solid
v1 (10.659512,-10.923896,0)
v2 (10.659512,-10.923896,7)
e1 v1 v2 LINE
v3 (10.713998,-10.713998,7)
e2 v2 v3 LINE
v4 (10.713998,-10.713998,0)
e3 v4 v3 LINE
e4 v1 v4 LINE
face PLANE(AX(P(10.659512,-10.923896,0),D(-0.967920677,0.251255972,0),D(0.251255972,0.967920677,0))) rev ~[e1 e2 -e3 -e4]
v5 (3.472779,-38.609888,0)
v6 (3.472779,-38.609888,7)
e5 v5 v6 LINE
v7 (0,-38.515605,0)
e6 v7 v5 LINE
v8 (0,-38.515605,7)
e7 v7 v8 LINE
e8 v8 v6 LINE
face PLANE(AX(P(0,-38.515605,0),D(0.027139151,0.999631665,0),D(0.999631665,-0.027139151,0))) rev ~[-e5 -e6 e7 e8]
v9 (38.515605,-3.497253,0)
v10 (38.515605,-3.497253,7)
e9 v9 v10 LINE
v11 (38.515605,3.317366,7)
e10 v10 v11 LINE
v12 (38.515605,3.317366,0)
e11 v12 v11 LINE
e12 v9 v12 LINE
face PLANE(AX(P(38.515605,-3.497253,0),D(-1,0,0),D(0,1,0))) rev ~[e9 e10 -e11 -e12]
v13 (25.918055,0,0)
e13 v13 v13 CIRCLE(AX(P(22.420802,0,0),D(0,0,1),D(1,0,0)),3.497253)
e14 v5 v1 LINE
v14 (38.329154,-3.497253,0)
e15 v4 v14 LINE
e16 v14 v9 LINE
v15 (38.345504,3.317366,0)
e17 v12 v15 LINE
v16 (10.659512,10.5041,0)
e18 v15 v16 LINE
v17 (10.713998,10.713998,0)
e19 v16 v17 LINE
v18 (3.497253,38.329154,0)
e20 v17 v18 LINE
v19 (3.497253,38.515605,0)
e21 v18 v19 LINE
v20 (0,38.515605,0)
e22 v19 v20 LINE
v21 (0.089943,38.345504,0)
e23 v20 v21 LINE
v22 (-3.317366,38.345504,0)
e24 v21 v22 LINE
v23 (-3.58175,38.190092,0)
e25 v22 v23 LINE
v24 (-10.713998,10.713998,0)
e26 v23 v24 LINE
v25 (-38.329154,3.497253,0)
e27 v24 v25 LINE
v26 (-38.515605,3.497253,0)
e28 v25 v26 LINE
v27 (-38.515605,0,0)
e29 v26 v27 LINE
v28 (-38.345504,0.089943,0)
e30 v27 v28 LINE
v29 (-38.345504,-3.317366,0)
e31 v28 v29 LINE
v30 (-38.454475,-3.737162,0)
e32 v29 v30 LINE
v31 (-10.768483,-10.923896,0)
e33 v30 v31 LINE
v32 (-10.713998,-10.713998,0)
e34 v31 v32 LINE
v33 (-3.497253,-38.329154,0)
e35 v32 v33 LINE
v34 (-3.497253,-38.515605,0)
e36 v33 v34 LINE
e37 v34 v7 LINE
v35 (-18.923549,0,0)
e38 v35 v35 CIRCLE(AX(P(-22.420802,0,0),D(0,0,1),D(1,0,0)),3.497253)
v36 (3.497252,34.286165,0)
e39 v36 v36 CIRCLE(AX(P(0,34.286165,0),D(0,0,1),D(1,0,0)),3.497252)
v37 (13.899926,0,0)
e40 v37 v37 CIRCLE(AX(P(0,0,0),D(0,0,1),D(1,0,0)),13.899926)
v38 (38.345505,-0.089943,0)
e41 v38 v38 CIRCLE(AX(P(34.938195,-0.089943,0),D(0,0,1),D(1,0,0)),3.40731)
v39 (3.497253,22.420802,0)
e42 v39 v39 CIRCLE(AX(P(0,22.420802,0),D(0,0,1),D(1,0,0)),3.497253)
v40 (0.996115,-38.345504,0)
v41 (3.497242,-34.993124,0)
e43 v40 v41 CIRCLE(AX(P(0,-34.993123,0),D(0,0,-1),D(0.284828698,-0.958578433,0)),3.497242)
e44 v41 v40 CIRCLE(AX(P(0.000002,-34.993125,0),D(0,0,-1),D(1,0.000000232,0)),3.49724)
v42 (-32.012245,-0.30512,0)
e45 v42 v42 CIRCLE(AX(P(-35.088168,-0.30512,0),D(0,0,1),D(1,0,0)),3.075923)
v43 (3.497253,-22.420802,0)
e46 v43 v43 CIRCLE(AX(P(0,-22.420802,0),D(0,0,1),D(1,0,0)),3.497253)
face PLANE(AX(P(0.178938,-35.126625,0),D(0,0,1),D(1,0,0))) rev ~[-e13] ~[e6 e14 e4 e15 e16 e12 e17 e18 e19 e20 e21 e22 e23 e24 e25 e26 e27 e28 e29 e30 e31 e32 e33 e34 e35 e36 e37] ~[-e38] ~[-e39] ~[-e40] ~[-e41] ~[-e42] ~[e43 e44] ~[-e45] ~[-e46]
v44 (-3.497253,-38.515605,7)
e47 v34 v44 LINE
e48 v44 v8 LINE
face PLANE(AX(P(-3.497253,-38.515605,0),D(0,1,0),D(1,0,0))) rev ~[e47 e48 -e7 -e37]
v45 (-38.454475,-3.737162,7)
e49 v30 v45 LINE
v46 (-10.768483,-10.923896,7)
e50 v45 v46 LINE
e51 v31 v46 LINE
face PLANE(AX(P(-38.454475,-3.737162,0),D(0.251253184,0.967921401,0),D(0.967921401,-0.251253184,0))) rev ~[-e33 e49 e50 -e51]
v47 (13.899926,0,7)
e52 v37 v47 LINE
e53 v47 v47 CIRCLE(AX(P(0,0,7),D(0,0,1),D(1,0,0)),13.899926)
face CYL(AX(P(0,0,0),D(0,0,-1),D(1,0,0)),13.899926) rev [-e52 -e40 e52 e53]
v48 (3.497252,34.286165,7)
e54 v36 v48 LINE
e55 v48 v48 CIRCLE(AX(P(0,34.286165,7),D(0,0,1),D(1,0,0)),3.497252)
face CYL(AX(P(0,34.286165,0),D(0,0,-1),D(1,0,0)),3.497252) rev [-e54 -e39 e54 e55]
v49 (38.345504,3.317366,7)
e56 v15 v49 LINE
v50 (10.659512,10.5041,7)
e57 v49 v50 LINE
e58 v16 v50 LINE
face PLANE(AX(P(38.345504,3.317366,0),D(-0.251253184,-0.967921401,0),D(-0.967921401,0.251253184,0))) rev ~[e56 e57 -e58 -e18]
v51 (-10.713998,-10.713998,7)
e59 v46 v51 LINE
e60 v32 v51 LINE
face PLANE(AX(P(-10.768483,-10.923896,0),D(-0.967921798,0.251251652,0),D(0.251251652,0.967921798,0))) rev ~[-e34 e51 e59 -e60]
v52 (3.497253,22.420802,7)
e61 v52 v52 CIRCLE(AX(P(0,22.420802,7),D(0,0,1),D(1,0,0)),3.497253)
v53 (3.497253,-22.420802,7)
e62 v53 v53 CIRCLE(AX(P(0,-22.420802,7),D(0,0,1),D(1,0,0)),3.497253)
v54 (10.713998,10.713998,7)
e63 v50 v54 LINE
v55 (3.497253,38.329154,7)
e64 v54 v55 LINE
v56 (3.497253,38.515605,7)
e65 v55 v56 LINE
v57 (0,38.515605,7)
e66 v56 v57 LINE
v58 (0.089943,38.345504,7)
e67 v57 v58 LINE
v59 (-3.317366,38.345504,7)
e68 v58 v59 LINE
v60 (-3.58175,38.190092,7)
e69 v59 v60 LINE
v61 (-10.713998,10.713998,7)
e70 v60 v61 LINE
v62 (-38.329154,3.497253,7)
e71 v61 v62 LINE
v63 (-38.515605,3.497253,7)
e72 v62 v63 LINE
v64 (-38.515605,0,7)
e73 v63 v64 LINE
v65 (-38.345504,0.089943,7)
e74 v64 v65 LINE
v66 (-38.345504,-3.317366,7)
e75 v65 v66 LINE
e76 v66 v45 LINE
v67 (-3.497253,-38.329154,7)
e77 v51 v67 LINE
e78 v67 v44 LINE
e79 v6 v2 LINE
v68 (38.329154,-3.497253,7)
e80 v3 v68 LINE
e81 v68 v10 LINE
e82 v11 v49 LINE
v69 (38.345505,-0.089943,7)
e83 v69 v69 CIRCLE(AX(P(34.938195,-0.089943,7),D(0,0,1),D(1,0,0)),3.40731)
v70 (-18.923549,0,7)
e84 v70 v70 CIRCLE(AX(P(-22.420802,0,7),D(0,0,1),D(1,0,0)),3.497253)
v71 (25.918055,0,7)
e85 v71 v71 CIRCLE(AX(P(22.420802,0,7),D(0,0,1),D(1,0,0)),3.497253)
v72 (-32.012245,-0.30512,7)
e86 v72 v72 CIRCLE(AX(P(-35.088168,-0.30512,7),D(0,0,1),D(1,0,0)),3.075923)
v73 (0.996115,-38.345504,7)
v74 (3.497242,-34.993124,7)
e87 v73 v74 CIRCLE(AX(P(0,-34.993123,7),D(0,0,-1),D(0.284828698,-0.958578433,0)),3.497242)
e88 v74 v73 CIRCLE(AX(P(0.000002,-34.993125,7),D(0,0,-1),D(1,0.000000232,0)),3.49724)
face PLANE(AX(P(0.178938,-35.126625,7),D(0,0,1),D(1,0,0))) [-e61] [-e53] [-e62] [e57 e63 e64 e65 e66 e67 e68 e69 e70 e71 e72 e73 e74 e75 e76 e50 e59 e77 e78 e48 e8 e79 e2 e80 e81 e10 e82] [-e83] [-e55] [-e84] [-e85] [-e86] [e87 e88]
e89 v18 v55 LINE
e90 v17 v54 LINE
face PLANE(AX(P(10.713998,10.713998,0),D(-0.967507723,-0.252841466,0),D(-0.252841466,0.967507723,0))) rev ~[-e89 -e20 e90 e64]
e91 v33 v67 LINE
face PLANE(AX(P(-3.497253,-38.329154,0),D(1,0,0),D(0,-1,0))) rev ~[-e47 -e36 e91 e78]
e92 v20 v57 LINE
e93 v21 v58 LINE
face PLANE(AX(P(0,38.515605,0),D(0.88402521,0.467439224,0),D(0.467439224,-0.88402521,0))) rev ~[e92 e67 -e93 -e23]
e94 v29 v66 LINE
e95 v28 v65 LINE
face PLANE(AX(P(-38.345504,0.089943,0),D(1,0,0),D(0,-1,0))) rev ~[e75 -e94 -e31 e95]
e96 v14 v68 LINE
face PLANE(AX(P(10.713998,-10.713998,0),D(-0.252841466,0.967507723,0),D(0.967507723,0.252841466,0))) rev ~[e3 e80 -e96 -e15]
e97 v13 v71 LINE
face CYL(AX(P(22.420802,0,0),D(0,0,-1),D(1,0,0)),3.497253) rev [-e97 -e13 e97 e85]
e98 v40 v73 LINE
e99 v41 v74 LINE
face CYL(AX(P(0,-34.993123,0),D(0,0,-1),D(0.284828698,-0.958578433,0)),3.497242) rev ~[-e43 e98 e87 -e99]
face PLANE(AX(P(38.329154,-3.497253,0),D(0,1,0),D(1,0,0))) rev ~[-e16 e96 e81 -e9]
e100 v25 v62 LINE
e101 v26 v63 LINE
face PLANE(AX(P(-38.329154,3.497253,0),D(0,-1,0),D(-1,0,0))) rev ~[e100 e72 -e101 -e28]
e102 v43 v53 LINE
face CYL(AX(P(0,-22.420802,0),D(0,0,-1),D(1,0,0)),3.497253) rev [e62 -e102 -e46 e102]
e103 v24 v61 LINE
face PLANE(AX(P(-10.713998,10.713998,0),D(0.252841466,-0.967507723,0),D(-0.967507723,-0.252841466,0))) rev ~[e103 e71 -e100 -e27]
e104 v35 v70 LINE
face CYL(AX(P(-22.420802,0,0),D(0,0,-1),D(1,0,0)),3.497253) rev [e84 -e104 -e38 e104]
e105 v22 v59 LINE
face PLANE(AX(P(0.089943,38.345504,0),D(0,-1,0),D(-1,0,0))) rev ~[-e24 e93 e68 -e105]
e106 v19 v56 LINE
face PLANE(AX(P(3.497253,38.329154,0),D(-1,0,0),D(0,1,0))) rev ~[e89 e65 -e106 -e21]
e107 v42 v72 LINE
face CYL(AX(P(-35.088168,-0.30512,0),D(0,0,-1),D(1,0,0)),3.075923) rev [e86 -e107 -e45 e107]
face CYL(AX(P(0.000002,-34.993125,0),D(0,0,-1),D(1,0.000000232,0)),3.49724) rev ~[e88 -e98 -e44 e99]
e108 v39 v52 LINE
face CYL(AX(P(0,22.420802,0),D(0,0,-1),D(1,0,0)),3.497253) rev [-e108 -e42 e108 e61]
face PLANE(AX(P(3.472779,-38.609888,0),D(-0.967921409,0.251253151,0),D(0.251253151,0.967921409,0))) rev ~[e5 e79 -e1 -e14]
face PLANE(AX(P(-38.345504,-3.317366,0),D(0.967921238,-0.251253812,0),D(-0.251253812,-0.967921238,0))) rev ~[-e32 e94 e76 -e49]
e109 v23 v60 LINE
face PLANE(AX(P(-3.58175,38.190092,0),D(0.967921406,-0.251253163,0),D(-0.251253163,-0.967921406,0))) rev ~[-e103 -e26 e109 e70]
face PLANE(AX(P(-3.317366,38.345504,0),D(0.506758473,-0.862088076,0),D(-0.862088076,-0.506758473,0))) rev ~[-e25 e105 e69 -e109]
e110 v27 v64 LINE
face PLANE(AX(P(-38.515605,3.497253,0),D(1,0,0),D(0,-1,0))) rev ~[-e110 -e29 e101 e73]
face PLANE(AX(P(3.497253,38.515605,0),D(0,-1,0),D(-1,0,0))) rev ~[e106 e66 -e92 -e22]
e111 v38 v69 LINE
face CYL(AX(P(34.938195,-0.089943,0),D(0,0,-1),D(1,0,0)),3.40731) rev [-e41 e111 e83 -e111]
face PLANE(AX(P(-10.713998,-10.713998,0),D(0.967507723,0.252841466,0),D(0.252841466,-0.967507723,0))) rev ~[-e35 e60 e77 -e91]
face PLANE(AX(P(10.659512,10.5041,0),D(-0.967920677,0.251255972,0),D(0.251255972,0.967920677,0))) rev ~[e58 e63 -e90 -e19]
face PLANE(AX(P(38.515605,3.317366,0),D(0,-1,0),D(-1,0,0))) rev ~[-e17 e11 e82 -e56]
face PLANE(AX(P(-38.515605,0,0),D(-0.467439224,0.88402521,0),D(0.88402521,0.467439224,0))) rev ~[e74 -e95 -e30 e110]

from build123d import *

# Parameters (mm, degrees)
F0_R     = 3.075923
F0_R_2   = 3.497253
F0_R_3   = 3.40731
F0_R_4   = 13.899926
F0_R_5   = 3.497252
F1_DEPTH = 7


with BuildPart() as f1:
    # F0 (on Top) → F1 (new body)
    with BuildSketch(Plane.XY):
        with BuildLine():
            ThreePointArc((0.996115, -38.345504), (2.803066, -37.084421), (3.497242, -34.993124))
            ThreePointArc((3.497242, -34.993124), (-2.803066, -32.901827), (0.996115, -38.345504))
        make_face()
        Polygon((0, -38.515605), (3.472779, -38.609888), (10.659512, -10.923896), (10.713998, -10.713998), (38.329154, -3.497253), (38.515605, -3.497253), (38.515605, 0), (38.515605, 3.317366), (38.345504, 3.317366), (10.659512, 10.5041), (10.713998, 10.713998), (3.497253, 38.329154), (3.497253, 38.515605), (0, 38.515605), (0.089943, 38.345504), (-3.317366, 38.345504), (-3.58175, 38.190092), (-10.713998, 10.713998), (-38.329154, 3.497253), (-38.515605, 3.497253), (-38.515605, 0), (-38.345504, 0.089943), (-38.345504, -3.317366), (-38.454475, -3.737162), (-10.768483, -10.923896), (-10.713998, -10.713998), (-3.497253, -38.329154), (-3.497253, -38.515605), align=None)
        with Locations((-35.088168, -0.30512)):
            Circle(F0_R, mode=Mode.SUBTRACT)
        with BuildLine():
            ThreePointArc((0.996115, -38.345504), (-2.803066, -32.901827), (3.497242, -34.993124))
            ThreePointArc((3.497242, -34.993124), (2.803066, -37.084421), (0.996115, -38.345504))
        make_face(mode=Mode.SUBTRACT)
        with Locations((0, -22.420802)):
            Circle(F0_R_2, mode=Mode.SUBTRACT)
        with Locations((34.938195, -0.089943)):
            Circle(F0_R_3, mode=Mode.SUBTRACT)
        with Locations((-22.420802, 0)):
            Circle(F0_R_2, mode=Mode.SUBTRACT)
        Circle(F0_R_4, mode=Mode.SUBTRACT)
        with Locations((22.420802, 0)):
            Circle(F0_R_2, mode=Mode.SUBTRACT)
        with Locations((0, 22.420802)):
            Circle(F0_R_2, mode=Mode.SUBTRACT)
        with Locations((0, 34.286165)):
            Circle(F0_R_5, mode=Mode.SUBTRACT)
    extrude(amount=F1_DEPTH)


solid = f1.part
